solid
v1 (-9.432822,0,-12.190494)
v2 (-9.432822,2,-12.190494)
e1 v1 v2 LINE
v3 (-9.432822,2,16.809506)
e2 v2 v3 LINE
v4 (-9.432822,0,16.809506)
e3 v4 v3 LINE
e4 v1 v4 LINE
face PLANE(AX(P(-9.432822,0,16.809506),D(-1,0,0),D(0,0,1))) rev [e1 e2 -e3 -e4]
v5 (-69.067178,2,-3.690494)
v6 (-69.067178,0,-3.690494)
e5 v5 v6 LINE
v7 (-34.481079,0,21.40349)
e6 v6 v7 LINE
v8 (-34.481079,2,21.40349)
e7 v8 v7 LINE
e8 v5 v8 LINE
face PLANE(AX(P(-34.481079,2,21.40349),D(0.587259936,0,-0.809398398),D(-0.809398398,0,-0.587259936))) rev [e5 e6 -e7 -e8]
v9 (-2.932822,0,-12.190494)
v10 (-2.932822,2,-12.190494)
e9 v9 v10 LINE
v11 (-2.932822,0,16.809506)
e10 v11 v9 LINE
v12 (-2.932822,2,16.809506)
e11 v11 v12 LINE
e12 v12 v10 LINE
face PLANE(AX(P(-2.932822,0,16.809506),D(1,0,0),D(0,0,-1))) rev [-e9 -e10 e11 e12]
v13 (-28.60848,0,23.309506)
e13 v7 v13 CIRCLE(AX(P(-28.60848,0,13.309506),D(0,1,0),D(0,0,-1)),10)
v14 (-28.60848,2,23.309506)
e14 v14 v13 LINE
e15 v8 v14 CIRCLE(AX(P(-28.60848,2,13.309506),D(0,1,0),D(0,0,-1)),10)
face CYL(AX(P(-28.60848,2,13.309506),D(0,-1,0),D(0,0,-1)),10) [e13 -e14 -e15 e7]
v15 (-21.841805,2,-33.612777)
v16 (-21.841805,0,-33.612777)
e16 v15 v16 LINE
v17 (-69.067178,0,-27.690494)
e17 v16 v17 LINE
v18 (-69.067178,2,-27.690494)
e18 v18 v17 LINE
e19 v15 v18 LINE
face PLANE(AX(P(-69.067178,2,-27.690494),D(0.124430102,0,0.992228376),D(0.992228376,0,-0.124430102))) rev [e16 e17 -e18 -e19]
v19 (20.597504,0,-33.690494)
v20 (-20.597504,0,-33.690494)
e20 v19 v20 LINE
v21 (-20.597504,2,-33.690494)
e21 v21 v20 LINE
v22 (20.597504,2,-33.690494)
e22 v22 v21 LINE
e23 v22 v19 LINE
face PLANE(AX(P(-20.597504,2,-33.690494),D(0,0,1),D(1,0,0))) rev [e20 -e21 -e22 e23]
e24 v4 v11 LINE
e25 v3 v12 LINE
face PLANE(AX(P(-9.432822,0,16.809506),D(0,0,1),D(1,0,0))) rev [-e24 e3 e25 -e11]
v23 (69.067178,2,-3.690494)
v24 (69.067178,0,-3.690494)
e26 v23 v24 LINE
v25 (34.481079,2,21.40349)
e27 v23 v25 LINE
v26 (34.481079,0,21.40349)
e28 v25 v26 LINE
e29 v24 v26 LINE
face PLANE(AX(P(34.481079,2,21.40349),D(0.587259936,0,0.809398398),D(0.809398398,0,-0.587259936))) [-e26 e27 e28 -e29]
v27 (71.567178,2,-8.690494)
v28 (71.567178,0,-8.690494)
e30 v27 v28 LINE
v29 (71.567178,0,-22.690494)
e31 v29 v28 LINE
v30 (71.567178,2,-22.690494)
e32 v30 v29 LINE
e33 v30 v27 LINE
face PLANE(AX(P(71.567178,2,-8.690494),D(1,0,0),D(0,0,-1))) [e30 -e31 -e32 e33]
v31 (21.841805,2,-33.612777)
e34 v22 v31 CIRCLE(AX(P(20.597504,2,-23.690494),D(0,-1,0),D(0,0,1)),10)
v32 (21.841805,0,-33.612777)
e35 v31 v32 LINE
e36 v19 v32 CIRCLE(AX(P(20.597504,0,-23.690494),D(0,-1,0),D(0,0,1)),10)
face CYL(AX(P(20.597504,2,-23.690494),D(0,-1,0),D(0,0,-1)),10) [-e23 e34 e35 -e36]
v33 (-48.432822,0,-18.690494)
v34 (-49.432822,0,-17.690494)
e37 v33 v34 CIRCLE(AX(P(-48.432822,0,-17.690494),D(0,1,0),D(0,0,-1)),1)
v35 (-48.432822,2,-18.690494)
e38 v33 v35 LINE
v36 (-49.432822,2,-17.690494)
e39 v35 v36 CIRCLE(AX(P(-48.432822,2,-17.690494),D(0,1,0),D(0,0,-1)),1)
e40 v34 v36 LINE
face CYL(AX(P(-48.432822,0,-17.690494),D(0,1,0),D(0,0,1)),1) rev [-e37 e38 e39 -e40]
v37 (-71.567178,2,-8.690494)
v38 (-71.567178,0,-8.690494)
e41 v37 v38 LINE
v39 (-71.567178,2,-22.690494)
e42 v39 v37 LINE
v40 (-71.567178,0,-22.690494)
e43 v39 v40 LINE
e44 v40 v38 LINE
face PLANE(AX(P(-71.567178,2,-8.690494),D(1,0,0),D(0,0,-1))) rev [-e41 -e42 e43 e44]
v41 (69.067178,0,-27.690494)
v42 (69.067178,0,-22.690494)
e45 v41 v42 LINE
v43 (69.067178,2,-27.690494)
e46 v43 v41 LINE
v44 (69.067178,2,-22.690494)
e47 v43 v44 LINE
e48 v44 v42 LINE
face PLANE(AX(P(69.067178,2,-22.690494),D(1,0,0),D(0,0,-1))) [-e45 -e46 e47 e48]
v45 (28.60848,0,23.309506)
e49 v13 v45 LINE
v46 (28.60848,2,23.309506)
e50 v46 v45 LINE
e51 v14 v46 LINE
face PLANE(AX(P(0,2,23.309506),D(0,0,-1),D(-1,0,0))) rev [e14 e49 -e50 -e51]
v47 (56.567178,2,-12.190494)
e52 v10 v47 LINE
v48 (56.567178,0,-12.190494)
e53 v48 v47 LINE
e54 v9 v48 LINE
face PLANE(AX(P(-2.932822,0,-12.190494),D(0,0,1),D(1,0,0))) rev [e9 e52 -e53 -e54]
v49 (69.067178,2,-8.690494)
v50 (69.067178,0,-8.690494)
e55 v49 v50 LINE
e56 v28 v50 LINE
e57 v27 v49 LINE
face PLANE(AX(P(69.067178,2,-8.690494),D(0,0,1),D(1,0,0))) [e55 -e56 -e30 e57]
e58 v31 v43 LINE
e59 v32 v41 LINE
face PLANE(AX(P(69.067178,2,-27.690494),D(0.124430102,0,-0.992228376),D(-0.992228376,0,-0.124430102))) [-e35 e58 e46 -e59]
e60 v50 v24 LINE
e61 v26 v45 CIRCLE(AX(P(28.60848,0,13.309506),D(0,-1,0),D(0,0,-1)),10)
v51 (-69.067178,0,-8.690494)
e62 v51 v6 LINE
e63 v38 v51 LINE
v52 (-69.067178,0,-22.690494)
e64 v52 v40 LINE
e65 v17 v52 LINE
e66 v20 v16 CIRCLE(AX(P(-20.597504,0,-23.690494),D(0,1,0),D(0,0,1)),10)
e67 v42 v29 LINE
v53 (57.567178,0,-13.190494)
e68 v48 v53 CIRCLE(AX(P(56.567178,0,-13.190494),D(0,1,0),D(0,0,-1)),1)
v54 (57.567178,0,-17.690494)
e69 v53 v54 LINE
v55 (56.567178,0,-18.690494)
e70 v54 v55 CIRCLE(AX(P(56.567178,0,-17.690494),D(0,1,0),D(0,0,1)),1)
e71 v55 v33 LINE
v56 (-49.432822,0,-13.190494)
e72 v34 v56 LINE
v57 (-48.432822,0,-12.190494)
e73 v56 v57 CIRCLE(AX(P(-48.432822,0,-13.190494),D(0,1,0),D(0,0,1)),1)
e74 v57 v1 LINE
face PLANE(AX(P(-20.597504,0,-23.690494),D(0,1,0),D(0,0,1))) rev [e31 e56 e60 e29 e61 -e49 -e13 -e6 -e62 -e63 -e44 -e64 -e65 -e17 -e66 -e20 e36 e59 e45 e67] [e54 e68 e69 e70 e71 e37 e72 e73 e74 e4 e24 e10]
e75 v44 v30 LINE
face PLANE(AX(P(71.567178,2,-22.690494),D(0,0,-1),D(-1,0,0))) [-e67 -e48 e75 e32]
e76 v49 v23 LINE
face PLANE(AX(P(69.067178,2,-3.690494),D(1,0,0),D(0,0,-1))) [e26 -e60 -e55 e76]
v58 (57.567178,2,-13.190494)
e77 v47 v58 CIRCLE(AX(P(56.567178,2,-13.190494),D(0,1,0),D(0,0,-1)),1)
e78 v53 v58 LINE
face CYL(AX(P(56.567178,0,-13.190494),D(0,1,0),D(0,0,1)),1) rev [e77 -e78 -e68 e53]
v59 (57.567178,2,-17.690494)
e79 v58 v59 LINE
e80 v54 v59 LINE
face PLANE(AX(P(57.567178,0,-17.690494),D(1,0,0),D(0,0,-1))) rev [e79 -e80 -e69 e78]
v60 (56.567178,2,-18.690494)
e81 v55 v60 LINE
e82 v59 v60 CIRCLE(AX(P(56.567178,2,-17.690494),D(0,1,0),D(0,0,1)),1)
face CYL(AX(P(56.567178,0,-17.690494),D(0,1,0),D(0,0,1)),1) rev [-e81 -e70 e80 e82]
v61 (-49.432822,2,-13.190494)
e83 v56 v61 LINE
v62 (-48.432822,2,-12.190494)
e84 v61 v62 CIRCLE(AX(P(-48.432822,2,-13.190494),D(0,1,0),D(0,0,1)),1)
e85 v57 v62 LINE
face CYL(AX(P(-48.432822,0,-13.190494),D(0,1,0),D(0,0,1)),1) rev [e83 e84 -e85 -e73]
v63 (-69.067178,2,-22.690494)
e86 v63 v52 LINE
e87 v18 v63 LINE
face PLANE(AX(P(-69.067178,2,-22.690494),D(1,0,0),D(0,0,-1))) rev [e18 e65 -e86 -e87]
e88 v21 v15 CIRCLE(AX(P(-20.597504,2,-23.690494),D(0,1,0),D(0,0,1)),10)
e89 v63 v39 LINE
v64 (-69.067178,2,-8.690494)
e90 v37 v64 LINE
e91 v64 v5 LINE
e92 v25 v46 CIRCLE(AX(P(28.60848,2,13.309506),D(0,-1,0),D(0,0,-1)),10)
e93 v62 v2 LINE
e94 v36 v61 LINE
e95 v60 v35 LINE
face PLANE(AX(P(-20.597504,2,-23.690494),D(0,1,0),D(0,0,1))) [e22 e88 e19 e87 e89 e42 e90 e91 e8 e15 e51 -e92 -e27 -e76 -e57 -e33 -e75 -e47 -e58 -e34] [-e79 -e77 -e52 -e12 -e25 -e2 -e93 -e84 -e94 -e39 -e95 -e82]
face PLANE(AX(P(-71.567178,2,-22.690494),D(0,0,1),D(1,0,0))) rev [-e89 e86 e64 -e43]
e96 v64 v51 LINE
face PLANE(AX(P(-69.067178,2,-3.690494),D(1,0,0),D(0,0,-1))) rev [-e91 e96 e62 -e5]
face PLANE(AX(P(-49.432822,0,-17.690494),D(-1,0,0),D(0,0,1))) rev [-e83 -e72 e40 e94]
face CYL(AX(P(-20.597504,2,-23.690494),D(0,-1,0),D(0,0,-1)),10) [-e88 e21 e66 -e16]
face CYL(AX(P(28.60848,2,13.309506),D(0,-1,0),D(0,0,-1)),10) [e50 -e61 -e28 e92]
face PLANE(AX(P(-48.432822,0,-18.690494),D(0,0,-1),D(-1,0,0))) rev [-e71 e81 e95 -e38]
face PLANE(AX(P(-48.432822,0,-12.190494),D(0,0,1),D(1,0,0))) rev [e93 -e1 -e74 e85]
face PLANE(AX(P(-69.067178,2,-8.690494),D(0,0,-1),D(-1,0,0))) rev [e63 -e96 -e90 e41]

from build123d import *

# Parameters (mm, degrees)
RESSALTO_EXTRUS_O1_DEPTH = 2
CORTE_EXTRUS_O1_DEPTH    = 3


with BuildPart() as part:
    # Esboço1 → Ressalto-extrusão1 (new body)
    with BuildSketch(Plane(origin=(0, 0, 0), x_dir=(1, 0, 0), z_dir=(0, 1, 0))):
        with BuildLine():
            Line((-69.067178301, 27.690493718), (-21.84180506, 33.612777476))
            ThreePointArc((-21.84180506, 33.612777476), (-21.220866866, 33.671045747), (-20.597504043, 33.690493718))
            Line((-20.597504043, 33.690493718), (0, 33.690493718))
            Line((0, 33.690493718), (0, -23.309506282))
            Line((0, -23.309506282), (-28.608479685, -23.309506282))
            ThreePointArc((-28.608479685, -23.309506282), (-31.695562463, -22.821073972), (-34.481079048, -21.403490265))
            Line((-34.481079048, -21.403490265), (-69.067178301, 3.690493718))
            Line((-69.067178301, 3.690493718), (-69.067178301, 8.690493718))
            Line((-69.067178301, 8.690493718), (-71.567178301, 8.690493718))
            Line((-71.567178301, 8.690493718), (-71.567178301, 22.690493718))
            Line((-71.567178301, 22.690493718), (-69.067178301, 22.690493718))
            Line((-69.067178301, 22.690493718), (-69.067178301, 27.690493718))
        make_face()
    ressalto_extrus_o1 = extrude(amount=RESSALTO_EXTRUS_O1_DEPTH)

    # Espelhar1: Ressalto-extrusão1 across plane
    add(ressalto_extrus_o1.mirror(Plane(origin=(0, 2, 23.309506282), x_dir=(0, 0, 1), z_dir=(-1, 0, 0))))

    # Esboço2 → Corte-extrusão1 (cut, through all)
    with BuildSketch(Plane(origin=(0, 2, 0), x_dir=(1, 0, 0), z_dir=(0, 1, 0))):
        with BuildLine():
            Line((-48.432821699, 18.690493718), (56.567178301, 18.690493718))
            ThreePointArc((56.567178301, 18.690493718), (57.274285082, 18.397600499), (57.567178301, 17.690493718))
            Line((57.567178301, 17.690493718), (57.567178301, 13.190493718))
            ThreePointArc((57.567178301, 13.190493718), (57.274285082, 12.483386937), (56.567178301, 12.190493718))
            Line((56.567178301, 12.190493718), (-2.932821699, 12.190493718))
            Line((-2.932821699, 12.190493718), (-2.932821699, -16.809506282))
            Line((-2.932821699, -16.809506282), (-9.432821699, -16.809506282))
            Line((-9.432821699, -16.809506282), (-9.432821699, 12.190493718))
            Line((-9.432821699, 12.190493718), (-48.432821699, 12.190493718))
            ThreePointArc((-48.432821699, 12.190493718), (-49.13992848, 12.483386937), (-49.432821699, 13.190493718))
            Line((-49.432821699, 13.190493718), (-49.432821699, 17.690493718))
            ThreePointArc((-49.432821699, 17.690493718), (-49.13992848, 18.397600499), (-48.432821699, 18.690493718))
        make_face()
    extrude(amount=-CORTE_EXTRUS_O1_DEPTH, mode=Mode.SUBTRACT)


solid = part.part
